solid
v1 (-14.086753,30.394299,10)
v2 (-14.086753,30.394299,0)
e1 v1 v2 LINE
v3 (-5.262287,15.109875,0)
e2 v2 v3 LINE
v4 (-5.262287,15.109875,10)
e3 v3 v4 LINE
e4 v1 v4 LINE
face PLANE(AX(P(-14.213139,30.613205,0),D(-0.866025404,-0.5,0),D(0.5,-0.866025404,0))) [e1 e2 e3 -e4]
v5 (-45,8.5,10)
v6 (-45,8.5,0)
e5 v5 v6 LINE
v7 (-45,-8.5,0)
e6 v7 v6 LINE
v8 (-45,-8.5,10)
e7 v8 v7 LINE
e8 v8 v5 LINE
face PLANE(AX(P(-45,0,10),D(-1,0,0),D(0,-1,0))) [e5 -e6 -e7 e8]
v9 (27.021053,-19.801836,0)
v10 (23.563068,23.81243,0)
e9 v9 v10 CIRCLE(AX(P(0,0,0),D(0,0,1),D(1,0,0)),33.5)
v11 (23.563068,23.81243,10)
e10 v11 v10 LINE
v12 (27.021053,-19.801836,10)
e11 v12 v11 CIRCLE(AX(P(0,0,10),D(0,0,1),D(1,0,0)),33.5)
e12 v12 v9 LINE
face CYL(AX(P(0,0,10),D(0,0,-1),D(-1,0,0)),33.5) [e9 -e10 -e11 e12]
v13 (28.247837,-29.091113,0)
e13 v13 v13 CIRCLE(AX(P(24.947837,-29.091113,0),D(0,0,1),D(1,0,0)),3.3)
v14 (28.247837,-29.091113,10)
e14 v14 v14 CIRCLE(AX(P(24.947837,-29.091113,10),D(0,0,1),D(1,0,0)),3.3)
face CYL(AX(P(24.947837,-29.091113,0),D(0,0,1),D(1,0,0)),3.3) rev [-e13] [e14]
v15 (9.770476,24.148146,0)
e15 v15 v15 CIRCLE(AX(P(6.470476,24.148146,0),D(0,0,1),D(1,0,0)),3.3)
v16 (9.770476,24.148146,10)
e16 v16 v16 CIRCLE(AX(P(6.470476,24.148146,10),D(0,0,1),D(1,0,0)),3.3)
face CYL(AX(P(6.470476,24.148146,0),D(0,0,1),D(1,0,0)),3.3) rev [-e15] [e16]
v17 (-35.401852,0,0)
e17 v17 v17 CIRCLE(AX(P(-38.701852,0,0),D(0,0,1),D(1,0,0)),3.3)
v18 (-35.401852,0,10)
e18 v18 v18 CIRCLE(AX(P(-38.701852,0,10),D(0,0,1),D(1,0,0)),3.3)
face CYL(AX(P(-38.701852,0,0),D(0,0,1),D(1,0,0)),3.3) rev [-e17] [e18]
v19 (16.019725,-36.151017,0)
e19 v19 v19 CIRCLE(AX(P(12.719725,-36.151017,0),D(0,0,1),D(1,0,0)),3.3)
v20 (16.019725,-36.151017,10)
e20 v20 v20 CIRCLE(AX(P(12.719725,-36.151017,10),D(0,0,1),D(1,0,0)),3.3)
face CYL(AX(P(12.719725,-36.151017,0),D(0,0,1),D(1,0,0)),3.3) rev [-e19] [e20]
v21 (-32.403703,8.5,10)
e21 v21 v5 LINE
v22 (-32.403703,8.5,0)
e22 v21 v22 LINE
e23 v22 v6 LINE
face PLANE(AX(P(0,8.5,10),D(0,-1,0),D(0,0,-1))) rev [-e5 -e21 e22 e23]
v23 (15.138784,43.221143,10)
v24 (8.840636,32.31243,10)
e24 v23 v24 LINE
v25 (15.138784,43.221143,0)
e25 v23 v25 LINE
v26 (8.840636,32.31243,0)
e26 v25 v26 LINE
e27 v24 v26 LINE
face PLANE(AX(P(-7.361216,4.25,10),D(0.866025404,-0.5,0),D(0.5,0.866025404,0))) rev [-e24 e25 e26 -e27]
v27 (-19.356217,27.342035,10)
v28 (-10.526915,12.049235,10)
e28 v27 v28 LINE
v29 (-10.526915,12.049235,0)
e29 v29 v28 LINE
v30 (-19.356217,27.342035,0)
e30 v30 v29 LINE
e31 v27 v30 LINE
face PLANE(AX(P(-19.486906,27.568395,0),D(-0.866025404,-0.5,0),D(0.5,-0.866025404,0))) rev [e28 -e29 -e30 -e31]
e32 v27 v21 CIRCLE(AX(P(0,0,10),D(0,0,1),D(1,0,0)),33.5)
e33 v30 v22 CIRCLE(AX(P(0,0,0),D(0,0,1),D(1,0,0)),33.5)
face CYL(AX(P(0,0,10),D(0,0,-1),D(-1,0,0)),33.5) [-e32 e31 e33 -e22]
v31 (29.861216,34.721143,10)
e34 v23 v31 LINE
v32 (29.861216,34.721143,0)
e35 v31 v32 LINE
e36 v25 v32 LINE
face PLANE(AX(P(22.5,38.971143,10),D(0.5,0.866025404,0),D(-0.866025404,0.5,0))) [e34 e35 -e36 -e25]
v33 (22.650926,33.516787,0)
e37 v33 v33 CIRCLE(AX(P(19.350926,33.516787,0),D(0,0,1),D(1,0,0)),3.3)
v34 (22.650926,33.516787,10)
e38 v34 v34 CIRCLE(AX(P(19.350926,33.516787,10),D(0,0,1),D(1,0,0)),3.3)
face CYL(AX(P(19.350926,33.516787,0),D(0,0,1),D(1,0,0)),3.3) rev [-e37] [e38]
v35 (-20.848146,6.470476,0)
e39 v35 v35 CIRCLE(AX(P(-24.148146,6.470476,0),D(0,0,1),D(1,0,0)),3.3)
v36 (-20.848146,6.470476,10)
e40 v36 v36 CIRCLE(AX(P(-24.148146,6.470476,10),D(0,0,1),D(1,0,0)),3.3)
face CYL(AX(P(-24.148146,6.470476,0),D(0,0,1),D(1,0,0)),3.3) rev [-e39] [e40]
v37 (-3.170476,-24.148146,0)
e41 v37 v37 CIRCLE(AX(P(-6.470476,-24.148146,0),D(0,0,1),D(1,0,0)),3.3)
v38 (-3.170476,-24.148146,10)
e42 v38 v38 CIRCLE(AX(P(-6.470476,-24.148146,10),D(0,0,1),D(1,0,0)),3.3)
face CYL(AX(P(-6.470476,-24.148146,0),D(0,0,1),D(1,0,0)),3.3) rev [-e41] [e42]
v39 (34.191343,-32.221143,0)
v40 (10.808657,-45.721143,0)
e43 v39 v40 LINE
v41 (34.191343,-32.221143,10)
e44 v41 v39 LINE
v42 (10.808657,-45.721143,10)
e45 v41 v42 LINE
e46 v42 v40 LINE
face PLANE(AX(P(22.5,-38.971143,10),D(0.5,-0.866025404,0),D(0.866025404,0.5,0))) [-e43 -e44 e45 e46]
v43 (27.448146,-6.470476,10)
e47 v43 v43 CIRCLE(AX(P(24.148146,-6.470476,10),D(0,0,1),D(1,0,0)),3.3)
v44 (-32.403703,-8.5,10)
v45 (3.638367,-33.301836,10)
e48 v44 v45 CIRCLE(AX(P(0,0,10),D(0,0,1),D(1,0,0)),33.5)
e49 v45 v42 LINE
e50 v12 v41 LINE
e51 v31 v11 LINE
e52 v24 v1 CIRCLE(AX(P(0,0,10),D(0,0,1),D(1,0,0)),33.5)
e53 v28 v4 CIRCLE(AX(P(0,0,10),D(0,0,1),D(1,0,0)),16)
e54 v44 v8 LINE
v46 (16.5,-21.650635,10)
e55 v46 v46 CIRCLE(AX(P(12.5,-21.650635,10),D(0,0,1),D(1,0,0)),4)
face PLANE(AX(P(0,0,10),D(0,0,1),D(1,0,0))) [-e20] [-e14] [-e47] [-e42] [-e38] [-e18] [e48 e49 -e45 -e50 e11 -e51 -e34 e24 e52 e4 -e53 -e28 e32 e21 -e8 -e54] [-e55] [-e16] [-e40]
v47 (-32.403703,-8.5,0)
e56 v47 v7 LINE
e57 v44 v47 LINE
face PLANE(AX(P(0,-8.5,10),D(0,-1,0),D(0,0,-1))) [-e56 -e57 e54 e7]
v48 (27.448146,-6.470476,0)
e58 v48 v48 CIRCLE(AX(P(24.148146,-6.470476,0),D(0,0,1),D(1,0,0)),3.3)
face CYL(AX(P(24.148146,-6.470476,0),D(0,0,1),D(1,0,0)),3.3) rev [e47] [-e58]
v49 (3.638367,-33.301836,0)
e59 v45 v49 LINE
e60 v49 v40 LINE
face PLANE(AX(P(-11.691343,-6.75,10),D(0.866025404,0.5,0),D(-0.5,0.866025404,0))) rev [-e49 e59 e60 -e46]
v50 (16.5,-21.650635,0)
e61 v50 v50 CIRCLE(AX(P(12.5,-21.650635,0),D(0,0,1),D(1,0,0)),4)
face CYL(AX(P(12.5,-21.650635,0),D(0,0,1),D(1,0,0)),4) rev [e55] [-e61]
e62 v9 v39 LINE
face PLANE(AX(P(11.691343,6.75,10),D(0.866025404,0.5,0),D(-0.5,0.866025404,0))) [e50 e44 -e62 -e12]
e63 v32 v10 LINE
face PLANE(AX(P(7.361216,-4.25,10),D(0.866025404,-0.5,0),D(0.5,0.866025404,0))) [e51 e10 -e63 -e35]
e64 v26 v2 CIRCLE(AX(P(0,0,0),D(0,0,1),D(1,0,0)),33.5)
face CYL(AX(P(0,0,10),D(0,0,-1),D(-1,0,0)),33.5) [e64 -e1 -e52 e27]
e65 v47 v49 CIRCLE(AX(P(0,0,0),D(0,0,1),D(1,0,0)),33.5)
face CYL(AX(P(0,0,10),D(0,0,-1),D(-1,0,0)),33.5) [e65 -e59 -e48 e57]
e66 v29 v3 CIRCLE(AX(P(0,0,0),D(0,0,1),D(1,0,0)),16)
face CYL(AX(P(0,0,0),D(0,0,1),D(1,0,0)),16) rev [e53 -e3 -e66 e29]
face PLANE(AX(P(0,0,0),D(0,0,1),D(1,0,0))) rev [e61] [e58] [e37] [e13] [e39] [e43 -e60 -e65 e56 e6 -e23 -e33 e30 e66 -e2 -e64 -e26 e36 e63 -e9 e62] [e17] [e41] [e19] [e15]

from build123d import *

# Parameters (mm, degrees)
SALIENTE_EXTRUIR3_DEPTH = 10
CROQUIS2_R              = 16
CROQUIS2_R_2            = 4
CROQUIS2_R_3            = 3.3
CORTAR_EXTRUIR1_DEPTH   = 65.926288457


with BuildPart() as part:
    # Croquis1 → Saliente-Extruir3 (new body)
    with BuildSketch(Plane.XY):
        with BuildLine():
            Line((-45, -8.5), (-32.403703492, -8.5))
            ThreePointArc((-32.403703492, -8.5), (-33.5, 0), (-32.403703492, 8.5))
            Line((-32.403703492, 8.5), (-45, 8.5))
            Line((-45, 8.5), (-45, -8.5))
        make_face()
        with BuildLine():
            ThreePointArc((-32.403703492, 8.5), (-33.5, 0), (-32.403703492, -8.5))
            Line((-32.403703492, -8.5), (-30, -8.5))
            Line((-30, -8.5), (-30, 8.5))
            Line((-30, 8.5), (-32.403703492, 8.5))
        make_face()
        with BuildLine():
            Line((3.308657049, -32.730762114), (26.691342951, -19.230762114))
            Line((26.691342951, -19.230762114), (27.021052668, -19.801836095))
            ThreePointArc((27.021052668, -19.801836095), (31.839089688, -10.417406962), (33.5, 0))
            ThreePointArc((33.5, 0), (30.916118508, 12.901302895), (23.563067678, 23.812430401))
            Line((23.563067678, 23.812430401), (22.361215932, 21.730762114))
            Line((22.361215932, 21.730762114), (7.638784068, 30.230762114))
            Line((7.638784068, 30.230762114), (8.840635814, 32.312430401))
            ThreePointArc((8.840635814, 32.312430401), (-16.75, 29.011851027), (-32.403703492, 8.5))
            Line((-32.403703492, 8.5), (-30, 8.5))
            Line((-30, 8.5), (-30, -8.5))
            Line((-30, -8.5), (-32.403703492, -8.5))
            ThreePointArc((-32.403703492, -8.5), (-18.9906271, -27.597211496), (3.638366766, -33.301836095))
            Line((3.638366766, -33.301836095), (3.308657049, -32.730762114))
        make_face()
        with BuildLine():
            Line((22.361215932, 21.730762114), (23.563067678, 23.812430401))
            ThreePointArc((23.563067678, 23.812430401), (16.75, 29.011851027), (8.840635814, 32.312430401))
            Line((8.840635814, 32.312430401), (7.638784068, 30.230762114))
            Line((7.638784068, 30.230762114), (22.361215932, 21.730762114))
        make_face()
        with BuildLine():
            ThreePointArc((8.840635814, 32.312430401), (16.75, 29.011851027), (23.563067678, 23.812430401))
            Line((23.563067678, 23.812430401), (29.861215932, 34.72114317))
            Line((29.861215932, 34.72114317), (15.138784068, 43.22114317))
            Line((15.138784068, 43.22114317), (8.840635814, 32.312430401))
        make_face()
        with BuildLine():
            Line((27.021052668, -19.801836095), (26.691342951, -19.230762114))
            Line((26.691342951, -19.230762114), (3.308657049, -32.730762114))
            Line((3.308657049, -32.730762114), (3.638366766, -33.301836095))
            ThreePointArc((3.638366766, -33.301836095), (16.75, -29.011851027), (27.021052668, -19.801836095))
        make_face()
        with BuildLine():
            Line((34.191342951, -32.22114317), (27.021052668, -19.801836095))
            ThreePointArc((27.021052668, -19.801836095), (16.75, -29.011851027), (3.638366766, -33.301836095))
            Line((3.638366766, -33.301836095), (10.808657049, -45.72114317))
            Line((10.808657049, -45.72114317), (34.191342951, -32.22114317))
        make_face()
    extrude(amount=SALIENTE_EXTRUIR3_DEPTH)

    # Croquis2 → Cortar-Extruir1 (cut, through all)
    with BuildSketch(Plane.XY.offset(10)):
        Circle(CROQUIS2_R)
        with Locations((12.5, -21.650635095)):
            Circle(CROQUIS2_R_2)
        with Locations((24.148145657, -6.470476128)):
            Circle(CROQUIS2_R_3)
        with Locations((-6.470476128, -24.148145657)):
            Circle(CROQUIS2_R_3)
        with Locations((6.470476128, 24.148145657)):
            Circle(CROQUIS2_R_3)
        with Locations((-24.148145657, 6.470476128)):
            Circle(CROQUIS2_R_3)
        with Locations((24.947836968, -29.091113341)):
            Circle(CROQUIS2_R_3)
        with Locations((12.719724694, -36.151017254)):
            Circle(CROQUIS2_R_3)
        Polygon((-19.486906027, 27.568394577), (-10.486906027, 11.979937309), (-5.213138932, 15.024748161), (-14.213138932, 30.613205429), align=None)
        with Locations((-38.701851746, 0)):
            Circle(CROQUIS2_R_3)
        with Locations((19.350925873, 33.516786786)):
            Circle(CROQUIS2_R_3)
    extrude(amount=-CORTAR_EXTRUIR1_DEPTH, mode=Mode.SUBTRACT)


solid = part.part
